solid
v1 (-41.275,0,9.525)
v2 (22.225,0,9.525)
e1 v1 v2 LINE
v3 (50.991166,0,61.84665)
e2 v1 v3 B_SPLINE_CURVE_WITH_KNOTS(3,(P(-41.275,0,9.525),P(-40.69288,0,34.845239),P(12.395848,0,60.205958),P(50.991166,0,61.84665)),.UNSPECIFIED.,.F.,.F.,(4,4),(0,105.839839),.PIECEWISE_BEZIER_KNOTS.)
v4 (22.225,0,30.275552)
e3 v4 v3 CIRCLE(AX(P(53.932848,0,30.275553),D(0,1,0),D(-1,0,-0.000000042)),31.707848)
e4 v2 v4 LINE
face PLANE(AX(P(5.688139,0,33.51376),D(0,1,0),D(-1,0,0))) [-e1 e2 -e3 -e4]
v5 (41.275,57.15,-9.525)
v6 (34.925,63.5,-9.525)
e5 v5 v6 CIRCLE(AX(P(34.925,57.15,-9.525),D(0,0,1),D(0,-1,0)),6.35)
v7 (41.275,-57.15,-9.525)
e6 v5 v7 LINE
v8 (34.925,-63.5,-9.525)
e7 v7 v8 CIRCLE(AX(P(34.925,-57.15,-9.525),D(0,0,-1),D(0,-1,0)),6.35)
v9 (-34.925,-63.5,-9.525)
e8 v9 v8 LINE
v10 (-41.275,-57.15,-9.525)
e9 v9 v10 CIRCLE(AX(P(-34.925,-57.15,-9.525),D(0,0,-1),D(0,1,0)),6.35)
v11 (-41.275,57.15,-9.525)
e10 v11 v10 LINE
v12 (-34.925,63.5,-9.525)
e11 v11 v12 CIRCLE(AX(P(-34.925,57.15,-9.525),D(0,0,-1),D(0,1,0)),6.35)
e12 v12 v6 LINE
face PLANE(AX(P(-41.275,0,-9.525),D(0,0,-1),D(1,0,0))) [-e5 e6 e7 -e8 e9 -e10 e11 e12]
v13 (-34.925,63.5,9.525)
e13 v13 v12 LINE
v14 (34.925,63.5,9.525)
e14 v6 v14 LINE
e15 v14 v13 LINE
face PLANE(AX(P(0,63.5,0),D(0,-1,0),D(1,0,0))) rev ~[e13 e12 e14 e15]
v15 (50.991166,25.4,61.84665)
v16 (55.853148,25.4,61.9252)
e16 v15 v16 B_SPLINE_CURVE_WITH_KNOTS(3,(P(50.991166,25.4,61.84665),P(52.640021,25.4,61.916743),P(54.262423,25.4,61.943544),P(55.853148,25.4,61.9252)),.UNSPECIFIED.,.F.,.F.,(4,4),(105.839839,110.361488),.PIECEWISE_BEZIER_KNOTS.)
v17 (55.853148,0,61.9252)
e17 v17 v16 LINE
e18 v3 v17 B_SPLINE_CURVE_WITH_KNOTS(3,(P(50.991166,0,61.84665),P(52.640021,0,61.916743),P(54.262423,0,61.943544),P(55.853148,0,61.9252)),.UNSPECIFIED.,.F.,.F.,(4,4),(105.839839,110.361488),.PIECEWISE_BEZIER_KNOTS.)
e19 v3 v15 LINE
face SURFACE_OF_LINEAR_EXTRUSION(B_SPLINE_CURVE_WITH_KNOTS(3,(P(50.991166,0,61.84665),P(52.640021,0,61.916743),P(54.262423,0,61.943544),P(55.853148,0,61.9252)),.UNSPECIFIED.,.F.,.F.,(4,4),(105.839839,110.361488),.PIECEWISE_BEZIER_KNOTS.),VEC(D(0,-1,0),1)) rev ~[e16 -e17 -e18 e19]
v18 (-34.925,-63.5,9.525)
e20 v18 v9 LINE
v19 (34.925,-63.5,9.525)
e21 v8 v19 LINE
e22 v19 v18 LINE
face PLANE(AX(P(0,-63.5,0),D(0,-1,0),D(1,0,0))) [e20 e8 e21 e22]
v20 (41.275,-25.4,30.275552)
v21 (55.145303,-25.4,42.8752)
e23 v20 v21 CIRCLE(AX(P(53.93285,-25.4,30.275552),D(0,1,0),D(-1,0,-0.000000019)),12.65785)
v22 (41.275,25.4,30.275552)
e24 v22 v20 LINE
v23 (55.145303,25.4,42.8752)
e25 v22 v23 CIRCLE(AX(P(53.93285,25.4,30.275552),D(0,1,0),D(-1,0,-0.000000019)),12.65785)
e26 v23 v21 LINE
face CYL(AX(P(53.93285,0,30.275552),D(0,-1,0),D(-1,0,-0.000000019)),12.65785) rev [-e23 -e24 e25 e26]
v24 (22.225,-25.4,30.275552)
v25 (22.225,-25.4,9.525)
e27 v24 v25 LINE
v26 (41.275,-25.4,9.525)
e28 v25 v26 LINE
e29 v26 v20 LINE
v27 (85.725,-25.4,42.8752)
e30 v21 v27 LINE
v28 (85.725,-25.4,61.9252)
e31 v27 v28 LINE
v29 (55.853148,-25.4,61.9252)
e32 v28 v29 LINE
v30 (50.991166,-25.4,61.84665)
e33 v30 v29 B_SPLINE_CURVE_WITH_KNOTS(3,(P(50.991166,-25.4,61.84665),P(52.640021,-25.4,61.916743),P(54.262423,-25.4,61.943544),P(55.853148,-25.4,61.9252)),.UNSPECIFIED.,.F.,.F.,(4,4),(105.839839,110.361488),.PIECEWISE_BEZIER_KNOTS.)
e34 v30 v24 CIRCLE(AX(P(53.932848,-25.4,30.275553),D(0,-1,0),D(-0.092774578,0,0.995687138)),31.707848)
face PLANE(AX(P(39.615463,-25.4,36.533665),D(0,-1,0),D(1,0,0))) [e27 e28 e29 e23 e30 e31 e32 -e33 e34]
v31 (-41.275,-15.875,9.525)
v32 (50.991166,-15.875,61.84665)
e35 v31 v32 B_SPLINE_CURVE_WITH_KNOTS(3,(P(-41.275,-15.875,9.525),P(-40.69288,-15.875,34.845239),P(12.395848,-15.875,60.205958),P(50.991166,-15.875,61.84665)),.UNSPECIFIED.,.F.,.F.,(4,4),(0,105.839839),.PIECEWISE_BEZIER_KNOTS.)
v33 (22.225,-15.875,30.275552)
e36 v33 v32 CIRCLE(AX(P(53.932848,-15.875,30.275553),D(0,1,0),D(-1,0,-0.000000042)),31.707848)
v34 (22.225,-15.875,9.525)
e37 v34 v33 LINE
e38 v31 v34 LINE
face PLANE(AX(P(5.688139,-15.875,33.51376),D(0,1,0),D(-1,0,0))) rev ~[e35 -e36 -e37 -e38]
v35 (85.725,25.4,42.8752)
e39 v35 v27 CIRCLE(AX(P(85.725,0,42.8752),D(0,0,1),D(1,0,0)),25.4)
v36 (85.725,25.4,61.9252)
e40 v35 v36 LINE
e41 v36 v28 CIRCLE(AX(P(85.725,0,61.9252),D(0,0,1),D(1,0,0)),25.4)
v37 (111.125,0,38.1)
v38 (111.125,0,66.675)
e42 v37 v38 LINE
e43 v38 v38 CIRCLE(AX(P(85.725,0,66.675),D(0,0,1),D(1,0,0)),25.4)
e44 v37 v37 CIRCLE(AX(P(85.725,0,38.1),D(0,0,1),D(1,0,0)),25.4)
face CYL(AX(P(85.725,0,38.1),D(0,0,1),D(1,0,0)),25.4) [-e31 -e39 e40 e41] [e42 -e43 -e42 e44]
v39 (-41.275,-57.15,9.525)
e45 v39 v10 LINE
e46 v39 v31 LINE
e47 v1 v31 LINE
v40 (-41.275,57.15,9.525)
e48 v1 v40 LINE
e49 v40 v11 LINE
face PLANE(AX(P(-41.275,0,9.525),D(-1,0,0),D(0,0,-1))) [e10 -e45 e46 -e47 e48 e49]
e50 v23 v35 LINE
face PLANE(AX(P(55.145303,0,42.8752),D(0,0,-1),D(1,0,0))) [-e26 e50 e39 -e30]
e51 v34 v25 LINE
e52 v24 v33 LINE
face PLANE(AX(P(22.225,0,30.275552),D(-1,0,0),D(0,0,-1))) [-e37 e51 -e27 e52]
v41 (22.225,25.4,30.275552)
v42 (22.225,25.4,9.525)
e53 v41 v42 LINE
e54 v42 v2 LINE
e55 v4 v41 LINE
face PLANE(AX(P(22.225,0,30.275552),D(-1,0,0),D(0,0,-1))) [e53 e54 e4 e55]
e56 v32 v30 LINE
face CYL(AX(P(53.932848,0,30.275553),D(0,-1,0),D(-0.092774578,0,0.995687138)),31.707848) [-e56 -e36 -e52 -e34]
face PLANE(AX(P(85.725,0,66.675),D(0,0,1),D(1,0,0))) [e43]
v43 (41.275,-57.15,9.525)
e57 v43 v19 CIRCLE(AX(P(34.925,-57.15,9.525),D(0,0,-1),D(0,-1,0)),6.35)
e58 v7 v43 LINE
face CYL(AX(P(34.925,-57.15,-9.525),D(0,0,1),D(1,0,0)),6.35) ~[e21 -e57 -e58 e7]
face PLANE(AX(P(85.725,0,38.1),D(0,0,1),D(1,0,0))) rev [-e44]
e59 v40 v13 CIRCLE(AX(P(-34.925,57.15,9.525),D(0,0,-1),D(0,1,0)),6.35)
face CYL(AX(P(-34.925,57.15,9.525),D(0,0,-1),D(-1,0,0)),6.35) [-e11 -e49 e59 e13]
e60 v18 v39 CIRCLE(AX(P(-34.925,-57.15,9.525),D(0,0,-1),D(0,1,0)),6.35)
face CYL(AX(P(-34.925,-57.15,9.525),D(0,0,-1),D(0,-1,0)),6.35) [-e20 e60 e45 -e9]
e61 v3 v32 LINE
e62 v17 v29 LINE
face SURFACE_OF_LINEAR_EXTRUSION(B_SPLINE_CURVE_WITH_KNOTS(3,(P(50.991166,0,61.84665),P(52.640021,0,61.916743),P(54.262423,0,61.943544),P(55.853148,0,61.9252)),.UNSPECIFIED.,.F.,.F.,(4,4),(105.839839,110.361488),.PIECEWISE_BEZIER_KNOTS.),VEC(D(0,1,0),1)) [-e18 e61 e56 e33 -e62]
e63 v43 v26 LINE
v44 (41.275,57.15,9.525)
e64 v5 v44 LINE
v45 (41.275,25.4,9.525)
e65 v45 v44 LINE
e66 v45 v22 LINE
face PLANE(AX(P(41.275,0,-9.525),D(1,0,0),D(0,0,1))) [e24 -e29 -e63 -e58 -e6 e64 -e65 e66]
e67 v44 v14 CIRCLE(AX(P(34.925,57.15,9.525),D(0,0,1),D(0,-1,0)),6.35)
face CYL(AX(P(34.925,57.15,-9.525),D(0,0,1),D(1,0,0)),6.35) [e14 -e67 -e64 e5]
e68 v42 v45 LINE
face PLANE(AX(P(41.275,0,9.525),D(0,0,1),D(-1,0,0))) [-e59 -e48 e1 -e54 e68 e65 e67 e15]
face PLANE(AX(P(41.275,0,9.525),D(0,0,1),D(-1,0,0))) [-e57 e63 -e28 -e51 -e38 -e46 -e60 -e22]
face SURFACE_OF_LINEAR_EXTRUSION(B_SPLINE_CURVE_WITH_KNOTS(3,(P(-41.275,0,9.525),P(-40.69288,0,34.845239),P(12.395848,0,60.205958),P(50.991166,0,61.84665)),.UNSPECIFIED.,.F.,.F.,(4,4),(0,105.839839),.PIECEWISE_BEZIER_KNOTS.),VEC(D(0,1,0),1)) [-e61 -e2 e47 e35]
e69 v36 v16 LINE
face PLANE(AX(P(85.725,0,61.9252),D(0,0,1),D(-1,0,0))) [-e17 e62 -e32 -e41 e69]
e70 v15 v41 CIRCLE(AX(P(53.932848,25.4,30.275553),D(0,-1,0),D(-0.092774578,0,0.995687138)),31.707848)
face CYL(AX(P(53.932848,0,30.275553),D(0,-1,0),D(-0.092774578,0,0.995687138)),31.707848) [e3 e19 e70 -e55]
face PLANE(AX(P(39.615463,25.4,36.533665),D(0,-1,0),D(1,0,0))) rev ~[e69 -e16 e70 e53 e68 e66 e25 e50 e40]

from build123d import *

# Parameters (mm, degrees)
F1_DEPTH = 63.5
F2_DEPTH = 25.4
F3_DEPTH = 15.875
F5_R     = 6.35


with BuildPart() as f1:
    # F0 (on Front) → F1 (new body, symmetric)
    with BuildSketch(Plane.XZ):
        Polygon((22.225, 9.525), (-41.275, 9.525), (-41.275, -9.525), (41.275, -9.525), (41.275, 9.525), align=None)
    extrude(amount=F1_DEPTH, both=True)

    # F0 (on Front) → F2 (join, symmetric)
    with BuildSketch(Plane.XZ):
        with BuildLine():
            Line((22.225, 30.275552), (22.225, 9.525))
            Line((22.225, 9.525), (41.275, 9.525))
            Line((41.275, 9.525), (41.275, 30.275552))
            ThreePointArc((41.275, 30.275552), (45.421853, 39.644869), (55.145303, 42.8752))
            Line((55.145303, 42.8752), (60.325, 42.8752))
            Line((60.325, 42.8752), (60.325, 61.9252))
            Line((60.325, 61.9252), (55.853148, 61.9252))
            add(Edge.make_bspline(
                [(50.991166, 61.84665), (52.640021, 61.916743), (54.262423, 61.943544), (55.853148, 61.9252)],
                knots=[105.839839, 105.839839, 105.839839, 105.839839, 110.361488, 110.361488, 110.361488, 110.361488], degree=3))
            ThreePointArc((50.991166, 61.84665), (30.495036, 51.631035), (22.225, 30.275552))
        make_face()
        Polygon((85.725, 61.9252), (60.325, 61.9252), (60.325, 42.8752), (82.916974, 42.8752), (85.725, 42.8752), align=None)
    extrude(amount=F2_DEPTH, both=True)

    # F0 (on Front) → F3 (join)
    with BuildSketch(Plane.XZ):
        with BuildLine():
            add(Edge.make_bspline(
                [(-41.275, 9.525), (-40.69288, 34.845239), (12.395848, 60.205958), (50.991166, 61.84665)],
                knots=[0, 0, 0, 0, 105.839839, 105.839839, 105.839839, 105.839839], degree=3))
            Line((-41.275, 9.525), (22.225, 9.525))
            Line((22.225, 9.525), (22.225, 30.275552))
            ThreePointArc((22.225, 30.275552), (30.495036, 51.631035), (50.991166, 61.84665))
        make_face()
    extrude(amount=F3_DEPTH)

    # F0 (on Front) → F4 (revolve)
    with BuildSketch(Plane.XZ):
        Polygon((85.725, 66.675), (85.725, 61.9252), (85.725, 42.8752), (85.725, 38.1), (111.125, 38.1), (111.125, 66.675), align=None)
    revolve(axis=Axis((85.725, 0, 52.3875), (0, 0, 1)))

    # F5
    f5_edges = [f1.edges().sort_by_distance(p)[0] for p in [
        (41.275, -63.5, 0),
        (41.275, 63.5, 0),
        (-41.275, -63.5, 0),
        (-41.275, 63.5, 0),
    ]]
    fillet(f5_edges, radius=F5_R)


solid = f1.part
